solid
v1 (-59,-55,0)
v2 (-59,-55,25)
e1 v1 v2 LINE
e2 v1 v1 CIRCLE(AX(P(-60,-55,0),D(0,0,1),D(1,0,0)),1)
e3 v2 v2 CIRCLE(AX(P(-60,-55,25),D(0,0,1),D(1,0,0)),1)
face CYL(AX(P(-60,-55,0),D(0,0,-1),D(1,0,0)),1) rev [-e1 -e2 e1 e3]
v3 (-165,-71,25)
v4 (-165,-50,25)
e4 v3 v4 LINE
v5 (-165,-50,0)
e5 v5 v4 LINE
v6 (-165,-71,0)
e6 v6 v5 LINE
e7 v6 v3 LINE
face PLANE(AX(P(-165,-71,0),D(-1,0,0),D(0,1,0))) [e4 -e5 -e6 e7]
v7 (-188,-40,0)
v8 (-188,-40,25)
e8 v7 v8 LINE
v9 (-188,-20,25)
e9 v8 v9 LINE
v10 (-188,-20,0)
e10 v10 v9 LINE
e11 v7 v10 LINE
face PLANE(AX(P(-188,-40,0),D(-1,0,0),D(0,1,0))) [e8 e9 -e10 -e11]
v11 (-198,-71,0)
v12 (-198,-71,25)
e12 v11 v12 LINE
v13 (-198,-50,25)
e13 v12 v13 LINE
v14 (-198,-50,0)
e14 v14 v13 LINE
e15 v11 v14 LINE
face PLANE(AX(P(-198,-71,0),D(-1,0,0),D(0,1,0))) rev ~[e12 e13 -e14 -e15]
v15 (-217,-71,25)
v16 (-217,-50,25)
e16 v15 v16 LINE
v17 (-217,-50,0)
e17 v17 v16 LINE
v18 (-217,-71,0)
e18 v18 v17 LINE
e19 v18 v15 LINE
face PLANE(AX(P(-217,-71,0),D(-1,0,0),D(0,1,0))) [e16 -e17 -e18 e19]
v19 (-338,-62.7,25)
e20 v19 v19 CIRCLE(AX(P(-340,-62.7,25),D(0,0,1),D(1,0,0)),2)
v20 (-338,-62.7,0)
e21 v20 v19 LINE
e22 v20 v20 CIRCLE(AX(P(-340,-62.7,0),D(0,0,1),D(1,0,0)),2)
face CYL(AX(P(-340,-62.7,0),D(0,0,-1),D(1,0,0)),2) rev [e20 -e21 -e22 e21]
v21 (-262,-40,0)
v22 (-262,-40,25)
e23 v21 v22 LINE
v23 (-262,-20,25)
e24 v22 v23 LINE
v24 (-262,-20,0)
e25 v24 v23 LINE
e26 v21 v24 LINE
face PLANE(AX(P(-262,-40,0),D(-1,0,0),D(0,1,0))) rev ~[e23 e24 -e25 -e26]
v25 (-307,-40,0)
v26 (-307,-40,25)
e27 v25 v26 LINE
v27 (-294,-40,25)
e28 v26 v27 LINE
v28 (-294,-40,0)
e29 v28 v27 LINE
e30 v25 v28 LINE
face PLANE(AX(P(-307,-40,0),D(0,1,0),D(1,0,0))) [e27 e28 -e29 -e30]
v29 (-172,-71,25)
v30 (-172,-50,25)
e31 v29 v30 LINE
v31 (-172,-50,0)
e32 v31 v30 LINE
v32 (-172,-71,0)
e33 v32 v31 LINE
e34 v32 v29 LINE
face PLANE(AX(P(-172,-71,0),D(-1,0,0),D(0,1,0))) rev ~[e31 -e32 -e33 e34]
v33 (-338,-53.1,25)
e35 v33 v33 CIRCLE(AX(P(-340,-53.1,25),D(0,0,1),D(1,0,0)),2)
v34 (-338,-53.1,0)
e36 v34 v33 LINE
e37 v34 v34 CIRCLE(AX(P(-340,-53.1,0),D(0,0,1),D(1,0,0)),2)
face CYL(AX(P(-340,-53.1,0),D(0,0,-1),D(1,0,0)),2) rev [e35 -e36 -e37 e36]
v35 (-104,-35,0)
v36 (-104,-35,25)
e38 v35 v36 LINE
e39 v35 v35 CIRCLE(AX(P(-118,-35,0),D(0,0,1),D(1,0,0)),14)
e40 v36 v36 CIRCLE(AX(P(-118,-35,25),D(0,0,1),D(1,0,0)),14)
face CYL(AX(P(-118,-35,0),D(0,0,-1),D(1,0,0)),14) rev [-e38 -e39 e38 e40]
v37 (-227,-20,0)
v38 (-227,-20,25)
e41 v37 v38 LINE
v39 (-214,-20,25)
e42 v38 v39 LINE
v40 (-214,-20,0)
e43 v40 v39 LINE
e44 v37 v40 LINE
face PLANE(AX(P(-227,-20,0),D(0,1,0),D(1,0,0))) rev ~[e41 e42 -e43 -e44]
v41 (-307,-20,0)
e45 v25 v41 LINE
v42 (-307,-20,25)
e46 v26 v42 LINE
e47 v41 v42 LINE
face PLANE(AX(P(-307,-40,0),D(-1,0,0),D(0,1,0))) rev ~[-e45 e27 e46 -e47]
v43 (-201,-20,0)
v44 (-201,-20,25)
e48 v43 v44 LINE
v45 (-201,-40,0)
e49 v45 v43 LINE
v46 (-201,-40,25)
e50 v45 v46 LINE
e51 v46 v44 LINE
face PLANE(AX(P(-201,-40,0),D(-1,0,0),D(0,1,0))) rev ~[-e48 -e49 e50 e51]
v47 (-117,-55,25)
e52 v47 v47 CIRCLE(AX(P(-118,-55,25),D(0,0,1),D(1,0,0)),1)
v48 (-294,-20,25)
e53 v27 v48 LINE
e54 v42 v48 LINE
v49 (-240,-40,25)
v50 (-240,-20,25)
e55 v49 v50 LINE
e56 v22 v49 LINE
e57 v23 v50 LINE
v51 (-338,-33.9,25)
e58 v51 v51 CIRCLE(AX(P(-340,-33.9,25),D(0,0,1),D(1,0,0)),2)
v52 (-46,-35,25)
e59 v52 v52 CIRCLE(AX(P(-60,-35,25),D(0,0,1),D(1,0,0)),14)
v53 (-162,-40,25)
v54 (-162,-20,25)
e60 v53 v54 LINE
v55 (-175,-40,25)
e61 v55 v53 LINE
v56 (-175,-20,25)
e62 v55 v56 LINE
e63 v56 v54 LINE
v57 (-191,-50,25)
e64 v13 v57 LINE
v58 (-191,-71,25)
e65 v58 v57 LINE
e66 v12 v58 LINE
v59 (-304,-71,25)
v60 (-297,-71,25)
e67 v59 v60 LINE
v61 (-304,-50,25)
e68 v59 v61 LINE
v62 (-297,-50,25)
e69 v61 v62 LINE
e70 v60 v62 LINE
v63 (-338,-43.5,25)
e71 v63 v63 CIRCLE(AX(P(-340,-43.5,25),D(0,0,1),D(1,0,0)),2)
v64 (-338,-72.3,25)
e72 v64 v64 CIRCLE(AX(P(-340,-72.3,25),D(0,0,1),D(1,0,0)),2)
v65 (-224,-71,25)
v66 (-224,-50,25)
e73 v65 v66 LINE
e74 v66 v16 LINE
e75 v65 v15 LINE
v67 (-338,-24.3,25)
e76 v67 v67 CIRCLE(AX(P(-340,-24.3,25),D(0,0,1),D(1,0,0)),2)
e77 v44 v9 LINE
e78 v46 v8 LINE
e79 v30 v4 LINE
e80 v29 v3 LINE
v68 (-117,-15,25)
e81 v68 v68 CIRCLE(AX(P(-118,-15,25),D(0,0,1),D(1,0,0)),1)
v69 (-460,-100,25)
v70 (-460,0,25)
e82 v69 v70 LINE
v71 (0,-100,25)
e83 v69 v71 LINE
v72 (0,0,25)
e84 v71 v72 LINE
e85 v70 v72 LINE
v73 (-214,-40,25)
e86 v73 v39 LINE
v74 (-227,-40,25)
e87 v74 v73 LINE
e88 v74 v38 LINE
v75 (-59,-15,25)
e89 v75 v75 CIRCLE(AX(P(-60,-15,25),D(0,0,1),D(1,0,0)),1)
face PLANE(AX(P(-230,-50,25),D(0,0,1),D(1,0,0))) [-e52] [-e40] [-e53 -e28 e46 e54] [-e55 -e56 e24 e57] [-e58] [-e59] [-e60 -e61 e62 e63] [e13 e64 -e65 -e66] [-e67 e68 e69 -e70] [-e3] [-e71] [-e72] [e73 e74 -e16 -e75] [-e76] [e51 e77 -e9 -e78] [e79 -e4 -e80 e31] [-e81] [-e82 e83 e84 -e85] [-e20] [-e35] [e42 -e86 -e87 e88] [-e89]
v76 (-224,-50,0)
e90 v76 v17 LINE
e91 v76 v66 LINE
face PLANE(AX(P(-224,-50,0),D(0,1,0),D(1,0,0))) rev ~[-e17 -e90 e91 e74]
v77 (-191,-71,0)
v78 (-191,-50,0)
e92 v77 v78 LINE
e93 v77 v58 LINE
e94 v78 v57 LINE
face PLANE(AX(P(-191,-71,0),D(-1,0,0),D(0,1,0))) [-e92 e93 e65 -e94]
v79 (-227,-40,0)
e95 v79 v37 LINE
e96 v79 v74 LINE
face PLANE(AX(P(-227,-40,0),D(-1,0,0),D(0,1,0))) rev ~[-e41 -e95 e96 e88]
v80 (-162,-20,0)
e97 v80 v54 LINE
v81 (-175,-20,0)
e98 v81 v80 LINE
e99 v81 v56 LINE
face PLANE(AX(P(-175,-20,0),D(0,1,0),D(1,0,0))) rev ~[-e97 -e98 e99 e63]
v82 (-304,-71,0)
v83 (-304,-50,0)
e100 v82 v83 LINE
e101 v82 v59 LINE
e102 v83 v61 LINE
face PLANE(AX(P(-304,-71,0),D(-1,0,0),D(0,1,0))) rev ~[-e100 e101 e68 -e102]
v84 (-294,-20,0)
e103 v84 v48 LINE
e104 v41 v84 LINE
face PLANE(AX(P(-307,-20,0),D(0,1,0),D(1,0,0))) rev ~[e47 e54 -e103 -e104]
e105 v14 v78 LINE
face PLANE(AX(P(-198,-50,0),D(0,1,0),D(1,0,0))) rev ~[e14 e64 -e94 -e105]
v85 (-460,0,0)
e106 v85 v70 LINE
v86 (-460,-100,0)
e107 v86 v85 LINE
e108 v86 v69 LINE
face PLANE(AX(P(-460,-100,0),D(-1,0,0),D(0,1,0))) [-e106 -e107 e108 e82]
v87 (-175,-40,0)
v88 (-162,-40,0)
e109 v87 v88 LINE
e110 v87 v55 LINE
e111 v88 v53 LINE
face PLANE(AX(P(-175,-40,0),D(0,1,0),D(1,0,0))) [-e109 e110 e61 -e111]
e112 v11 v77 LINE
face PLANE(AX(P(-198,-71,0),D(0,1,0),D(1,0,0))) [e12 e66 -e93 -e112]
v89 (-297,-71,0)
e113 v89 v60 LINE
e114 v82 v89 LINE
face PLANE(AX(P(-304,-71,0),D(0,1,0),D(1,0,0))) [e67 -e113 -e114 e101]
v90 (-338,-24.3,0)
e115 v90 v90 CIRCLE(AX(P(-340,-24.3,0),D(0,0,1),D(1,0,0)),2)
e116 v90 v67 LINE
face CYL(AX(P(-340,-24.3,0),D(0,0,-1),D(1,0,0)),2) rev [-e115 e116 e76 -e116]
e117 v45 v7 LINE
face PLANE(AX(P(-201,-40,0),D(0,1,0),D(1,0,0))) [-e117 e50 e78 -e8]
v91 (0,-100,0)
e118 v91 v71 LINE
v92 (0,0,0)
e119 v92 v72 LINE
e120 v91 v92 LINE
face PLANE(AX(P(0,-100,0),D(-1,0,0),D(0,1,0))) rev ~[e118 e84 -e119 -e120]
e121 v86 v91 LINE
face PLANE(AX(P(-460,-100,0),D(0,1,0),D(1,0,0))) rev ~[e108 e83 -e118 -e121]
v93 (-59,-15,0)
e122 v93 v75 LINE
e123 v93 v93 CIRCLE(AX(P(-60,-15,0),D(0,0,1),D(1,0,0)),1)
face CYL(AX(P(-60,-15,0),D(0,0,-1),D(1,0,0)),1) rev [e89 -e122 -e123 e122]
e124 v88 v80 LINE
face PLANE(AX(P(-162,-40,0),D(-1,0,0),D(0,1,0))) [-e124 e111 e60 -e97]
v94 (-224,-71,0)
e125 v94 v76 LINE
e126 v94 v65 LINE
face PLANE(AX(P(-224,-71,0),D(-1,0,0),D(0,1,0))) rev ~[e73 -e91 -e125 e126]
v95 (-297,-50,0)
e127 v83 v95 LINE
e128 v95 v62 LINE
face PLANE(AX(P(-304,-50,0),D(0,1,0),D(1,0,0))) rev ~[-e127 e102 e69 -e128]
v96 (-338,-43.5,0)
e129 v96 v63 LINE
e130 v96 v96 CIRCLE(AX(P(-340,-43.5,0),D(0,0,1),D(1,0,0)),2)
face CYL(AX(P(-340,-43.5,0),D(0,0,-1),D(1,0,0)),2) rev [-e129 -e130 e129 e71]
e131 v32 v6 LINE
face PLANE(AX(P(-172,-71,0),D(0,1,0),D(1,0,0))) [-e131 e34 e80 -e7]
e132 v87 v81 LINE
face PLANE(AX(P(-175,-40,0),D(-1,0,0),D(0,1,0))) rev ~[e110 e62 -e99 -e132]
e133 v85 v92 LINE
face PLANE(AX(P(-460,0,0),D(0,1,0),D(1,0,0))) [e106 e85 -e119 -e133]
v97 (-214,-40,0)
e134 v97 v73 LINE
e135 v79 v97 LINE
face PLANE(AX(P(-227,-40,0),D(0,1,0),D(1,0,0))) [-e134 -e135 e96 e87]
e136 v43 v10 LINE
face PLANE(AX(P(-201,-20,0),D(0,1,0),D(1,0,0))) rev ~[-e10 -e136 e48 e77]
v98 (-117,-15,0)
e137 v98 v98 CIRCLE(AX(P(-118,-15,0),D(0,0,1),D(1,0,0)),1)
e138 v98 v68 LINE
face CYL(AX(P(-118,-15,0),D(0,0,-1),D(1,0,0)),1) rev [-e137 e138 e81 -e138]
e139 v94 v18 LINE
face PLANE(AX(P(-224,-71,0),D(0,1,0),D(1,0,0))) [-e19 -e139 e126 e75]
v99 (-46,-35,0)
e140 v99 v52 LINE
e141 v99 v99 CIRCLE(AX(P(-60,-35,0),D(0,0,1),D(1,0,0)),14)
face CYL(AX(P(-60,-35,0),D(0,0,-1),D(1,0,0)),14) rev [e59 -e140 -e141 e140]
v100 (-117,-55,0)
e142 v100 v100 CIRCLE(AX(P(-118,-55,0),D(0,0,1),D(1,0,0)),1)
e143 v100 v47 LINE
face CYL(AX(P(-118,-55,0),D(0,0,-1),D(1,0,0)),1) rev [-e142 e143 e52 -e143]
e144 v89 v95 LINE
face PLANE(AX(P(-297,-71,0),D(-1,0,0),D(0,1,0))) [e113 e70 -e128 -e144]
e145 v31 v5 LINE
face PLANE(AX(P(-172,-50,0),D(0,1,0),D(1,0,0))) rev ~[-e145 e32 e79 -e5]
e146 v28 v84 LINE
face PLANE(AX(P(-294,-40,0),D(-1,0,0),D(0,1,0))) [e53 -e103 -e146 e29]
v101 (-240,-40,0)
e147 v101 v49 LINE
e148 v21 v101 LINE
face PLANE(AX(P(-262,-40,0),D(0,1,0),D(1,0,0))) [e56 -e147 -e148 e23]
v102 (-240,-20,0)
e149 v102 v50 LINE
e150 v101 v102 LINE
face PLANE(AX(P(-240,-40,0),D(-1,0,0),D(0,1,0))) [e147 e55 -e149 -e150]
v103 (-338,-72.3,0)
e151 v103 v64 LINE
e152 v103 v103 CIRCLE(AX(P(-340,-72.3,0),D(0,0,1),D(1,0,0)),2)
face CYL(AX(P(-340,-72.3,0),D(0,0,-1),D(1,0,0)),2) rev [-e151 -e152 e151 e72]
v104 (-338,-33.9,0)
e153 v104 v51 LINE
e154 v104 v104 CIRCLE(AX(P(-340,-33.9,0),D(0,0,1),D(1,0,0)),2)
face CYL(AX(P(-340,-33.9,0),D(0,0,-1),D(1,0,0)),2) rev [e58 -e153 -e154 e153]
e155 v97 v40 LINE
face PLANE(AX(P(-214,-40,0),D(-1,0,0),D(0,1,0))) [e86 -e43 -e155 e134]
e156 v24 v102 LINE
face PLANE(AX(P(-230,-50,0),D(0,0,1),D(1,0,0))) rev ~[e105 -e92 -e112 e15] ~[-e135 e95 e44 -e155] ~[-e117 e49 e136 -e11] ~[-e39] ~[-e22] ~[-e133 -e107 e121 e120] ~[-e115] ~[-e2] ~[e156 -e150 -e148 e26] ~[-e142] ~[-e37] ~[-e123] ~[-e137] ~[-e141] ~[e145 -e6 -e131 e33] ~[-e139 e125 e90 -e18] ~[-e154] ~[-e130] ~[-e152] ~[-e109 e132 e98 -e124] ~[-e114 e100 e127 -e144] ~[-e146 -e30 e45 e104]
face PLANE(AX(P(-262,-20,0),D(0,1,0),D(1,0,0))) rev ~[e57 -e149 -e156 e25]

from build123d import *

# Parameters (mm, degrees)
F0_W     = 460
F0_H     = 100
F0_R     = 2
F0_W_2   = 7
F0_H_2   = 21
F0_R_2   = 1
F0_W_3   = 13
F0_H_3   = 20
F0_W_4   = 22
F0_R_3   = 14
F1_DEPTH = 25


with BuildPart() as f1:
    # F0 (on Top) → F1 (new body)
    with BuildSketch(Plane.XY):
        with Locations((-230, -50)):
            Rectangle(F0_W, F0_H)
        with Locations((-340, -72.3)):
            Circle(F0_R, mode=Mode.SUBTRACT)
        with Locations((-340, -62.7)):
            Circle(F0_R, mode=Mode.SUBTRACT)
        with Locations((-300.5, -60.5)):
            Rectangle(F0_W_2, F0_H_2, mode=Mode.SUBTRACT)
        with Locations((-340, -53.1)):
            Circle(F0_R, mode=Mode.SUBTRACT)
        with Locations((-220.5, -60.5)):
            Rectangle(F0_W_2, F0_H_2, mode=Mode.SUBTRACT)
        with Locations((-194.5, -60.5)):
            Rectangle(F0_W_2, F0_H_2, mode=Mode.SUBTRACT)
        with Locations((-168.5, -60.5)):
            Rectangle(F0_W_2, F0_H_2, mode=Mode.SUBTRACT)
        with Locations((-118, -55)):
            Circle(F0_R_2, mode=Mode.SUBTRACT)
        with Locations((-60, -55)):
            Circle(F0_R_2, mode=Mode.SUBTRACT)
        with Locations((-340, -43.5)):
            Circle(F0_R, mode=Mode.SUBTRACT)
        with Locations((-340, -33.9)):
            Circle(F0_R, mode=Mode.SUBTRACT)
        with Locations((-300.5, -30)):
            Rectangle(F0_W_3, F0_H_3, mode=Mode.SUBTRACT)
        with Locations((-251, -30)):
            Rectangle(F0_W_4, F0_H_3, mode=Mode.SUBTRACT)
        with Locations((-340, -24.3)):
            Circle(F0_R, mode=Mode.SUBTRACT)
        with Locations((-220.5, -30)):
            Rectangle(F0_W_3, F0_H_3, mode=Mode.SUBTRACT)
        with Locations((-194.5, -30)):
            Rectangle(F0_W_3, F0_H_3, mode=Mode.SUBTRACT)
        with Locations((-118, -35)):
            Circle(F0_R_3, mode=Mode.SUBTRACT)
        with Locations((-168.5, -30)):
            Rectangle(F0_W_3, F0_H_3, mode=Mode.SUBTRACT)
        with Locations((-60, -35)):
            Circle(F0_R_3, mode=Mode.SUBTRACT)
        with Locations((-118, -15)):
            Circle(F0_R_2, mode=Mode.SUBTRACT)
        with Locations((-60, -15)):
            Circle(F0_R_2, mode=Mode.SUBTRACT)
    extrude(amount=F1_DEPTH)


solid = f1.part
